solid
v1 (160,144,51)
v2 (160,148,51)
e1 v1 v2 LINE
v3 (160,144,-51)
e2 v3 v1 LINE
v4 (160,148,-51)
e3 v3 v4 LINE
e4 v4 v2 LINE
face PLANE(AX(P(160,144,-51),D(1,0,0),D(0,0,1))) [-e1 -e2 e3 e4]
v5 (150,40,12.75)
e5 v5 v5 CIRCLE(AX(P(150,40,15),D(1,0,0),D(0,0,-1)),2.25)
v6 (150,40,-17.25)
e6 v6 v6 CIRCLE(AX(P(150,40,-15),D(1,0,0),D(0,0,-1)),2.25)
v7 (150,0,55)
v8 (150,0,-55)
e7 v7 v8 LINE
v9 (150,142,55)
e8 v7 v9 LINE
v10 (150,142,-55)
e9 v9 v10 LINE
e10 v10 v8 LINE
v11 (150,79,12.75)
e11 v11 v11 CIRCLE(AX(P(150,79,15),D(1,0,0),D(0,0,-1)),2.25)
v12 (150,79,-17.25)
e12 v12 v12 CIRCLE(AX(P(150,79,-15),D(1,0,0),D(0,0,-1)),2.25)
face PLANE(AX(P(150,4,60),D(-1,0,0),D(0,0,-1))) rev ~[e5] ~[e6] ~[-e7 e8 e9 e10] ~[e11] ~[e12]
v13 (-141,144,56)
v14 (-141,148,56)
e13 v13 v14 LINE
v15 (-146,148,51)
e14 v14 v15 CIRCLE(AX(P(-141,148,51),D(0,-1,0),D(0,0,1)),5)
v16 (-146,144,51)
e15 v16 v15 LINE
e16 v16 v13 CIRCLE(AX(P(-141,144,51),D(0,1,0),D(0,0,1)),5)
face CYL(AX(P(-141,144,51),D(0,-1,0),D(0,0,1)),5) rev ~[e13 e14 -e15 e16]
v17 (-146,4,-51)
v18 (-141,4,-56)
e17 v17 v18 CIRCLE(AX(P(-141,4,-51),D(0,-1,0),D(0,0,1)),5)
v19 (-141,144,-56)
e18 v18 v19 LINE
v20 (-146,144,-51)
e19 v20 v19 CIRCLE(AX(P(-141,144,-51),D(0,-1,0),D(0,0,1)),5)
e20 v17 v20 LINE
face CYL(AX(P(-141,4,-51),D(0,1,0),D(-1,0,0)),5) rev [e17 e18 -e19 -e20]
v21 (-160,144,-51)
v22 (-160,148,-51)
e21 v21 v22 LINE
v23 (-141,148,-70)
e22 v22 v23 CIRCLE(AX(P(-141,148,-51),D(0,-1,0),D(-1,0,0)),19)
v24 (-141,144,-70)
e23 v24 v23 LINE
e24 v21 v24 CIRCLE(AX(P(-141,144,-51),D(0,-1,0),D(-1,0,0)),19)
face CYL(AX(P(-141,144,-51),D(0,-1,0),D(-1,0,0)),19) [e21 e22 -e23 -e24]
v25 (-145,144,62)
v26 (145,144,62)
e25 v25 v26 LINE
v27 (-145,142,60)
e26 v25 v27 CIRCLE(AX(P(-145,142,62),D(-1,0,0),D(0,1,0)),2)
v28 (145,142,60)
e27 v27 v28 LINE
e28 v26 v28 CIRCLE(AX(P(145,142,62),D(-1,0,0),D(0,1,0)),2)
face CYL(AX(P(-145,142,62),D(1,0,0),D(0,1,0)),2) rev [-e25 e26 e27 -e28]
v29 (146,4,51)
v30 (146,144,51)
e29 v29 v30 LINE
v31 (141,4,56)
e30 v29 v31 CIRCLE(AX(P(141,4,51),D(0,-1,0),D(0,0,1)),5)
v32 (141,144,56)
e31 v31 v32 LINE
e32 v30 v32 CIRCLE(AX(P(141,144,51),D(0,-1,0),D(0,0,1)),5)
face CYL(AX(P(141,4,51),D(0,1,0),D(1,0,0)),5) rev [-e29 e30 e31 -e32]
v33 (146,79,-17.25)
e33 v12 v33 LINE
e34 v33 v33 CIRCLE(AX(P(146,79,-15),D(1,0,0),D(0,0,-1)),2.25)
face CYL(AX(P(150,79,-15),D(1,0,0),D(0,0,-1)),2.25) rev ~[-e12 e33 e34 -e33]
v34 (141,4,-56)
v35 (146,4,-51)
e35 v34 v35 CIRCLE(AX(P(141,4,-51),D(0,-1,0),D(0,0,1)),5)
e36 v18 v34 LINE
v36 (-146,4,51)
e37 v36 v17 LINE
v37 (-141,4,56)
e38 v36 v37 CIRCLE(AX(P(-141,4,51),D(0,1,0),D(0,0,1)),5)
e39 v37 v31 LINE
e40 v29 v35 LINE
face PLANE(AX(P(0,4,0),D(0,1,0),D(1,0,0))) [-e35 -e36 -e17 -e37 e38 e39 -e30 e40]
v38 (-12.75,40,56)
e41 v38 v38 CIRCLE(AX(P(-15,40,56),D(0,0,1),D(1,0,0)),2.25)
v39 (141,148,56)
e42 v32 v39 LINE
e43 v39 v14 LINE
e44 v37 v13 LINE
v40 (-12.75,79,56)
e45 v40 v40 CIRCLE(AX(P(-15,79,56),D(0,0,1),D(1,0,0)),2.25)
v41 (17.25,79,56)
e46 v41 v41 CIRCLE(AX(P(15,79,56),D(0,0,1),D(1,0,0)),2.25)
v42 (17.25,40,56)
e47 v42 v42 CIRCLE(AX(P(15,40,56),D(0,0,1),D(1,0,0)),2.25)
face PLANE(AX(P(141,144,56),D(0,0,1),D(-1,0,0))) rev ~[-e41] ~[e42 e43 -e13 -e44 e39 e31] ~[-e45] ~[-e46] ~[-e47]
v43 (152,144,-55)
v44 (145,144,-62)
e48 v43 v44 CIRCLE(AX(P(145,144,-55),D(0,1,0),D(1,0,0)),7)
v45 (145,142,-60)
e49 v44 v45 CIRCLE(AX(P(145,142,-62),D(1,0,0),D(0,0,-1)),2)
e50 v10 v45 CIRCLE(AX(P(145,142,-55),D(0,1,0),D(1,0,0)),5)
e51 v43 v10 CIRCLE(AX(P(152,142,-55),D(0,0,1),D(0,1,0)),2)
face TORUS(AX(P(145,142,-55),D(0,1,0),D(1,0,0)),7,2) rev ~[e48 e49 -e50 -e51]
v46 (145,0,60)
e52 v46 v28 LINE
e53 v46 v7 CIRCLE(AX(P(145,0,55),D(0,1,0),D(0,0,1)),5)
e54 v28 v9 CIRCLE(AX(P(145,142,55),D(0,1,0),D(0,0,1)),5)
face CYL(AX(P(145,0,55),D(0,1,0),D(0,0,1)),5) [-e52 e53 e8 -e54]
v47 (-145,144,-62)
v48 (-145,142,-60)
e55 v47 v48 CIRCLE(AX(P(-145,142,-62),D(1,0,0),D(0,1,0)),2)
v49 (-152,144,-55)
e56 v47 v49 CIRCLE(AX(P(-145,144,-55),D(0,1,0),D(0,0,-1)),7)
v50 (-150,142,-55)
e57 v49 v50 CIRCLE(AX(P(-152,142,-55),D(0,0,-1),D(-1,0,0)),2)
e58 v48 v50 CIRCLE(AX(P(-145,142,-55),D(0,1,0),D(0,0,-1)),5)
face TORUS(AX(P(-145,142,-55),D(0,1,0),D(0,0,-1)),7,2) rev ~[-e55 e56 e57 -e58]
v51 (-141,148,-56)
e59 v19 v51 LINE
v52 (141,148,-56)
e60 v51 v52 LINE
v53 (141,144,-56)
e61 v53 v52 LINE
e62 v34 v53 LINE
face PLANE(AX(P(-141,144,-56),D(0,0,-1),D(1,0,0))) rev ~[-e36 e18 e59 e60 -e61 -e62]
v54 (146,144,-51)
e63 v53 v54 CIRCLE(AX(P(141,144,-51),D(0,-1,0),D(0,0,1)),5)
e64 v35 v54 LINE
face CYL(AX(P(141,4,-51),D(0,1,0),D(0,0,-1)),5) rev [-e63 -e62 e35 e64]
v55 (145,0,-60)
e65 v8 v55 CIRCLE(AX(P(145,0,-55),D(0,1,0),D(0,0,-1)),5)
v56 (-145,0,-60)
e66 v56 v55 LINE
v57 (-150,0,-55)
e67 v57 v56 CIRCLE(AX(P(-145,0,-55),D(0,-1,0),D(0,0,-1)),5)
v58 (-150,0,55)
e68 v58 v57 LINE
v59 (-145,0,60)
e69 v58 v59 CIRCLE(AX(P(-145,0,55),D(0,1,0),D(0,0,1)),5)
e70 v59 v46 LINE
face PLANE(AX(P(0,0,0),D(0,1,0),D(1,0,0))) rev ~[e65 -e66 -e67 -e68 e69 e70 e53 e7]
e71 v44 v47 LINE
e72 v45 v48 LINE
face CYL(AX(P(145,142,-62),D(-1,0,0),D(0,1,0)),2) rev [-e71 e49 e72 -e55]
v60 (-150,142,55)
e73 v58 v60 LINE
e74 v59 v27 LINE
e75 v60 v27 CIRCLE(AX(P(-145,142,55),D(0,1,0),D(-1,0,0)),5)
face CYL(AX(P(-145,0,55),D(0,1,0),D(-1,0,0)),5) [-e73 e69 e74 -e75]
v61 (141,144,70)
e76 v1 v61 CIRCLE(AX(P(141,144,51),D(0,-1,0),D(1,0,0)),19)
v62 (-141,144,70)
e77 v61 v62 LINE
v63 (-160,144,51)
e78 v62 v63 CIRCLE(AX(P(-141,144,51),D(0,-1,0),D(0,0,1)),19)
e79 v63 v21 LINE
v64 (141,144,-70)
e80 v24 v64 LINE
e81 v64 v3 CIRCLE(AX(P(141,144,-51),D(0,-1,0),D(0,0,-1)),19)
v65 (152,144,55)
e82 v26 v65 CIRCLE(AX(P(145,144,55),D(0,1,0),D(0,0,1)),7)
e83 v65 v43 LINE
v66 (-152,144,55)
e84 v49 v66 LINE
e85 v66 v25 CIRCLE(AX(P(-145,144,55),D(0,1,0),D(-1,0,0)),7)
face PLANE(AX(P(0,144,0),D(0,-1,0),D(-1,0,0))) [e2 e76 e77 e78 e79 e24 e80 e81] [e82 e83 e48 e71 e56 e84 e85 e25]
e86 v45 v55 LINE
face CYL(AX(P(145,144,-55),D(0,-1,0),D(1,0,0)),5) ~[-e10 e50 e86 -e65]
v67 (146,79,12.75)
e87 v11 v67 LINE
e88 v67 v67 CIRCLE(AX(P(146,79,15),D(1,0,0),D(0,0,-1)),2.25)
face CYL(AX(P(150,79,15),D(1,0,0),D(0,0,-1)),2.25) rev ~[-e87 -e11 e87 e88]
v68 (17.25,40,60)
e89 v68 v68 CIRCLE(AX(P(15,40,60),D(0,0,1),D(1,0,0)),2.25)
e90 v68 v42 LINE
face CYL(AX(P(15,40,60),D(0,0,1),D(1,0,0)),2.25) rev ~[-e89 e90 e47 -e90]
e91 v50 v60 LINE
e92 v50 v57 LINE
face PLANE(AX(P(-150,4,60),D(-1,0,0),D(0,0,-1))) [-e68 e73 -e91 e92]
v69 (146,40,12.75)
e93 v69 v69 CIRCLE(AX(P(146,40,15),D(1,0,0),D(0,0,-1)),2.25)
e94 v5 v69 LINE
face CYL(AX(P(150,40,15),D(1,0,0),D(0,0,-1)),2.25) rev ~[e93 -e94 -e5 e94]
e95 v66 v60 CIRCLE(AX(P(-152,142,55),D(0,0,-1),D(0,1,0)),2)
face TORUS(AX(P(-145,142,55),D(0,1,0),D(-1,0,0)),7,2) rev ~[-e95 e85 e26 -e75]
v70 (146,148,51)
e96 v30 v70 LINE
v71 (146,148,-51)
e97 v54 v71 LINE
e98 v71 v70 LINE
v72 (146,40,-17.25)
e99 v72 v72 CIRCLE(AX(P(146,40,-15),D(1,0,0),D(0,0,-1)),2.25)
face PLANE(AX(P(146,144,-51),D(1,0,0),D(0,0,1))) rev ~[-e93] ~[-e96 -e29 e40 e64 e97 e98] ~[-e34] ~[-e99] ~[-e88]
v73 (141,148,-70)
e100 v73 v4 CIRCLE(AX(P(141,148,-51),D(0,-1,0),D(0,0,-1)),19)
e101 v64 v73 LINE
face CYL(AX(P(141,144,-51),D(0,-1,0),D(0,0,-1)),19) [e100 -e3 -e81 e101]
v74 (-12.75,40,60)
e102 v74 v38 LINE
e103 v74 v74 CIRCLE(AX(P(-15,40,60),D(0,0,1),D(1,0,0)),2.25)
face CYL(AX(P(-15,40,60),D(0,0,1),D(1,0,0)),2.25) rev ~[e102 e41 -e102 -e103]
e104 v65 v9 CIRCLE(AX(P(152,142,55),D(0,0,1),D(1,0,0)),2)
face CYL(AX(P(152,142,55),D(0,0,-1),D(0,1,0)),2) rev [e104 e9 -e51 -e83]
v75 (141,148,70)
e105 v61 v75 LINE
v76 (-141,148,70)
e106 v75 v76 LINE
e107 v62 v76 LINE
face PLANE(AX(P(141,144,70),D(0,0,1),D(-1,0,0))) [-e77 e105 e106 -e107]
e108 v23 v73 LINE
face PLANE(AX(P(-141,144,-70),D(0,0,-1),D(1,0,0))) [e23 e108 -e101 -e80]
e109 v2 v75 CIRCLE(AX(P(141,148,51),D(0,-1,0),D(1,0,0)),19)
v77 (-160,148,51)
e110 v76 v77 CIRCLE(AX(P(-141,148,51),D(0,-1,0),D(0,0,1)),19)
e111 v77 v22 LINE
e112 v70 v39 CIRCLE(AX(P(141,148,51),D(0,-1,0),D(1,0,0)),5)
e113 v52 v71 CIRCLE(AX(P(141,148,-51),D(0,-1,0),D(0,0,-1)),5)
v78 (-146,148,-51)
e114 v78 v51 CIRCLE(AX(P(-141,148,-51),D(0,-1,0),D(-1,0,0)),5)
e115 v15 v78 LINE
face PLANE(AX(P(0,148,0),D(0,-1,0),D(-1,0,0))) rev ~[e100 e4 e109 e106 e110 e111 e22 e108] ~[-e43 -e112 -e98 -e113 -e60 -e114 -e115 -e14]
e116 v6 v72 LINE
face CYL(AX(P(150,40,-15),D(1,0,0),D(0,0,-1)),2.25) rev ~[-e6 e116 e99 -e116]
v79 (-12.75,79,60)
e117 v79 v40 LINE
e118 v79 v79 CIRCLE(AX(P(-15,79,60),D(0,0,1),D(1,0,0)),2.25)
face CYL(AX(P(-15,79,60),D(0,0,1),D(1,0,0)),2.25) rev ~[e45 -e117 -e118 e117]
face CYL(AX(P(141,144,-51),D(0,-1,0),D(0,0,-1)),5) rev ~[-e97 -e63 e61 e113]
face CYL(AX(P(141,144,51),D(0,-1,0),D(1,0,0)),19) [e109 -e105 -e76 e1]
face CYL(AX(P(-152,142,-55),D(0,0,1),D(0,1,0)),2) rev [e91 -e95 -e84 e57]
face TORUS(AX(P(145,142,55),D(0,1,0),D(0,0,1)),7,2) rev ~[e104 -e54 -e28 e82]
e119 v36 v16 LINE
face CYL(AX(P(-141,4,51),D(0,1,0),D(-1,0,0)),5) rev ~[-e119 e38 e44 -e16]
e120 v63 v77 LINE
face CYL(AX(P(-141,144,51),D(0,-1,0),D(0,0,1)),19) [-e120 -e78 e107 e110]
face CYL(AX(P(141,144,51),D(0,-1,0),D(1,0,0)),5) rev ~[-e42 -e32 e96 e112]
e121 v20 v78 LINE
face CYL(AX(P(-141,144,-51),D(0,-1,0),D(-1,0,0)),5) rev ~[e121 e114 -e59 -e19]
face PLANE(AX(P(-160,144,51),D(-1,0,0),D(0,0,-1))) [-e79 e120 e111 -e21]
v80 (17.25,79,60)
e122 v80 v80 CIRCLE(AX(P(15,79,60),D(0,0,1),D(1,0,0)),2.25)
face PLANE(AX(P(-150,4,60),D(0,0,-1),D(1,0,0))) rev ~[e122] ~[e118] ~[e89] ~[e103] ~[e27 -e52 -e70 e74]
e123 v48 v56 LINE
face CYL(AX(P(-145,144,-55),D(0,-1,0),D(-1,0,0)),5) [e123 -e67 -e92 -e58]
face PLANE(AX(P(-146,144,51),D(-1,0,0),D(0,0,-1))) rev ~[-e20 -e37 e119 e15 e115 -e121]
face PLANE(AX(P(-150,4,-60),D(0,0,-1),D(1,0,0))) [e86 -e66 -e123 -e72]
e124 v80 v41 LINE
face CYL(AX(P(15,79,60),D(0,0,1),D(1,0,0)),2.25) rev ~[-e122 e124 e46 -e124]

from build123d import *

# Parameters (mm, degrees)
SKETCH1_W           = 300
SKETCH1_H           = 120
BOSS_EXTRUDE1_DEPTH = 4
SKETCH2_W           = 300
SKETCH2_H           = 120
SKETCH2_W_2         = 292
SKETCH2_H_2         = 112
BOSS_EXTRUDE2_DEPTH = 140
FILLET1_R           = 5
BOSS_EXTRUDE3_DEPTH = 4
FILLET2_R           = 2
CUT_EXTRUDE1_REACH  = 312
SKETCH4_R           = 2.25
CUT_EXTRUDE2_REACH  = 132
SKETCH5_R           = 2.25


with BuildPart() as part:
    # Sketch1 → Boss-Extrude1 (new body)
    with BuildSketch(Plane(origin=(0, 0, 0), x_dir=(1, 0, 0), z_dir=(0, 1, 0))):
        Rectangle(SKETCH1_W, SKETCH1_H)
    extrude(amount=BOSS_EXTRUDE1_DEPTH)

    # Sketch2 → Boss-Extrude2 (add)
    with BuildSketch(Plane(origin=(0, 4, 0), x_dir=(1, 0, 0), z_dir=(0, 1, 0))):
        Rectangle(SKETCH2_W, SKETCH2_H)
        Rectangle(SKETCH2_W_2, SKETCH2_H_2, mode=Mode.SUBTRACT)
    extrude(amount=BOSS_EXTRUDE2_DEPTH)

    # Fillet1
    fillet1_edges = [part.edges().sort_by_distance(p)[0] for p in [
        (-146, 74, 56),
        (146, 74, 56),
        (146, 74, -56),
        (-146, 74, -56),
        (-150, 72, -60),
        (150, 72, -60),
        (150, 72, 60),
        (-150, 72, 60),
    ]]
    fillet(fillet1_edges, radius=FILLET1_R)

    # Sketch3 → Boss-Extrude3 (add)
    with BuildSketch(Plane(origin=(0, 144, 0), x_dir=(1, 0, 0), z_dir=(0, 1, 0))):
        with BuildLine():
            Line((-141, 70), (141, 70))
            ThreePointArc((141, 70), (154.435028843, 64.435028843), (160, 51))
            Line((160, 51), (160, -51))
            ThreePointArc((160, -51), (154.435028843, -64.435028843), (141, -70))
            Line((141, -70), (-141, -70))
            ThreePointArc((-141, -70), (-154.435028843, -64.435028843), (-160, -51))
            Line((-160, -51), (-160, 51))
            ThreePointArc((-160, 51), (-154.435028843, 64.435028843), (-141, 70))
        make_face()
        with BuildLine():
            Line((-141, 56), (141, 56))
            ThreePointArc((141, 56), (144.535533906, 54.535533906), (146, 51))
            Line((146, 51), (146, -51))
            ThreePointArc((146, -51), (144.535533906, -54.535533906), (141, -56))
            Line((141, -56), (-141, -56))
            ThreePointArc((-141, -56), (-144.535533906, -54.535533906), (-146, -51))
            Line((-146, -51), (-146, 51))
            ThreePointArc((-146, 51), (-144.535533906, 54.535533906), (-141, 56))
        make_face(mode=Mode.SUBTRACT)
    extrude(amount=BOSS_EXTRUDE3_DEPTH)

    # Fillet2
    fillet2_edges = [part.edges().sort_by_distance(p)[0] for p in [
        (0, 144, 60),
        (-150, 144, 0),
        (150, 144, 0),
        (0, 144, -60),
        (-148.535533906, 144, -58.535533906),
        (148.535533906, 144, -58.535533906),
        (148.535533906, 144, 58.535533906),
        (-148.535533906, 144, 58.535533906),
    ]]
    fillet(fillet2_edges, radius=FILLET2_R)

    # Sketch4 → Cut-Extrude1 (cut, up to next)
    with BuildSketch(Plane(origin=(150, 0, 0), x_dir=(0, 0, -1), z_dir=(1, 0, 0)), mode=Mode.PRIVATE) as cut_extrude1_sk1:
        with Locations((-15, 79)):
            Circle(SKETCH4_R)
    cut_extrude1_tool1 = extrude(cut_extrude1_sk1.sketch, amount=-CUT_EXTRUDE1_REACH, mode=Mode.PRIVATE) & part.part
    add(cut_extrude1_tool1.solids().sort_by_distance((150, 79, 15))[0], mode=Mode.SUBTRACT)
    # Sketch4 → Cut-Extrude1 (cut, up to next)
    with BuildSketch(Plane(origin=(150, 0, 0), x_dir=(0, 0, -1), z_dir=(1, 0, 0)), mode=Mode.PRIVATE) as cut_extrude1_sk2:
        with Locations((15, 79)):
            Circle(SKETCH4_R)
    cut_extrude1_tool2 = extrude(cut_extrude1_sk2.sketch, amount=-CUT_EXTRUDE1_REACH, mode=Mode.PRIVATE) & part.part
    add(cut_extrude1_tool2.solids().sort_by_distance((150, 79, -15))[0], mode=Mode.SUBTRACT)
    # Sketch4 → Cut-Extrude1 (cut, up to next)
    with BuildSketch(Plane(origin=(150, 0, 0), x_dir=(0, 0, -1), z_dir=(1, 0, 0)), mode=Mode.PRIVATE) as cut_extrude1_sk3:
        with Locations((15, 40)):
            Circle(SKETCH4_R)
    cut_extrude1_tool3 = extrude(cut_extrude1_sk3.sketch, amount=-CUT_EXTRUDE1_REACH, mode=Mode.PRIVATE) & part.part
    add(cut_extrude1_tool3.solids().sort_by_distance((150, 40, -15))[0], mode=Mode.SUBTRACT)
    # Sketch4 → Cut-Extrude1 (cut, up to next)
    with BuildSketch(Plane(origin=(150, 0, 0), x_dir=(0, 0, -1), z_dir=(1, 0, 0)), mode=Mode.PRIVATE) as cut_extrude1_sk4:
        with Locations((-15, 40)):
            Circle(SKETCH4_R)
    cut_extrude1_tool4 = extrude(cut_extrude1_sk4.sketch, amount=-CUT_EXTRUDE1_REACH, mode=Mode.PRIVATE) & part.part
    add(cut_extrude1_tool4.solids().sort_by_distance((150, 40, 15))[0], mode=Mode.SUBTRACT)

    # Sketch5 → Cut-Extrude2 (cut, up to next)
    with BuildSketch(Plane.XY.offset(60), mode=Mode.PRIVATE) as cut_extrude2_sk1:
        with Locations((15, 79)):
            Circle(SKETCH5_R)
    cut_extrude2_tool1 = extrude(cut_extrude2_sk1.sketch, amount=-CUT_EXTRUDE2_REACH, mode=Mode.PRIVATE) & part.part
    add(cut_extrude2_tool1.solids().sort_by_distance((15, 79, 60))[0], mode=Mode.SUBTRACT)
    # Sketch5 → Cut-Extrude2 (cut, up to next)
    with BuildSketch(Plane.XY.offset(60), mode=Mode.PRIVATE) as cut_extrude2_sk2:
        with Locations((-15, 79)):
            Circle(SKETCH5_R)
    cut_extrude2_tool2 = extrude(cut_extrude2_sk2.sketch, amount=-CUT_EXTRUDE2_REACH, mode=Mode.PRIVATE) & part.part
    add(cut_extrude2_tool2.solids().sort_by_distance((-15, 79, 60))[0], mode=Mode.SUBTRACT)
    # Sketch5 → Cut-Extrude2 (cut, up to next)
    with BuildSketch(Plane.XY.offset(60), mode=Mode.PRIVATE) as cut_extrude2_sk3:
        with Locations((-15, 40)):
            Circle(SKETCH5_R)
    cut_extrude2_tool3 = extrude(cut_extrude2_sk3.sketch, amount=-CUT_EXTRUDE2_REACH, mode=Mode.PRIVATE) & part.part
    add(cut_extrude2_tool3.solids().sort_by_distance((-15, 40, 60))[0], mode=Mode.SUBTRACT)
    # Sketch5 → Cut-Extrude2 (cut, up to next)
    with BuildSketch(Plane.XY.offset(60), mode=Mode.PRIVATE) as cut_extrude2_sk4:
        with Locations((15, 40)):
            Circle(SKETCH5_R)
    cut_extrude2_tool4 = extrude(cut_extrude2_sk4.sketch, amount=-CUT_EXTRUDE2_REACH, mode=Mode.PRIVATE) & part.part
    add(cut_extrude2_tool4.solids().sort_by_distance((15, 40, 60))[0], mode=Mode.SUBTRACT)


solid = part.part
